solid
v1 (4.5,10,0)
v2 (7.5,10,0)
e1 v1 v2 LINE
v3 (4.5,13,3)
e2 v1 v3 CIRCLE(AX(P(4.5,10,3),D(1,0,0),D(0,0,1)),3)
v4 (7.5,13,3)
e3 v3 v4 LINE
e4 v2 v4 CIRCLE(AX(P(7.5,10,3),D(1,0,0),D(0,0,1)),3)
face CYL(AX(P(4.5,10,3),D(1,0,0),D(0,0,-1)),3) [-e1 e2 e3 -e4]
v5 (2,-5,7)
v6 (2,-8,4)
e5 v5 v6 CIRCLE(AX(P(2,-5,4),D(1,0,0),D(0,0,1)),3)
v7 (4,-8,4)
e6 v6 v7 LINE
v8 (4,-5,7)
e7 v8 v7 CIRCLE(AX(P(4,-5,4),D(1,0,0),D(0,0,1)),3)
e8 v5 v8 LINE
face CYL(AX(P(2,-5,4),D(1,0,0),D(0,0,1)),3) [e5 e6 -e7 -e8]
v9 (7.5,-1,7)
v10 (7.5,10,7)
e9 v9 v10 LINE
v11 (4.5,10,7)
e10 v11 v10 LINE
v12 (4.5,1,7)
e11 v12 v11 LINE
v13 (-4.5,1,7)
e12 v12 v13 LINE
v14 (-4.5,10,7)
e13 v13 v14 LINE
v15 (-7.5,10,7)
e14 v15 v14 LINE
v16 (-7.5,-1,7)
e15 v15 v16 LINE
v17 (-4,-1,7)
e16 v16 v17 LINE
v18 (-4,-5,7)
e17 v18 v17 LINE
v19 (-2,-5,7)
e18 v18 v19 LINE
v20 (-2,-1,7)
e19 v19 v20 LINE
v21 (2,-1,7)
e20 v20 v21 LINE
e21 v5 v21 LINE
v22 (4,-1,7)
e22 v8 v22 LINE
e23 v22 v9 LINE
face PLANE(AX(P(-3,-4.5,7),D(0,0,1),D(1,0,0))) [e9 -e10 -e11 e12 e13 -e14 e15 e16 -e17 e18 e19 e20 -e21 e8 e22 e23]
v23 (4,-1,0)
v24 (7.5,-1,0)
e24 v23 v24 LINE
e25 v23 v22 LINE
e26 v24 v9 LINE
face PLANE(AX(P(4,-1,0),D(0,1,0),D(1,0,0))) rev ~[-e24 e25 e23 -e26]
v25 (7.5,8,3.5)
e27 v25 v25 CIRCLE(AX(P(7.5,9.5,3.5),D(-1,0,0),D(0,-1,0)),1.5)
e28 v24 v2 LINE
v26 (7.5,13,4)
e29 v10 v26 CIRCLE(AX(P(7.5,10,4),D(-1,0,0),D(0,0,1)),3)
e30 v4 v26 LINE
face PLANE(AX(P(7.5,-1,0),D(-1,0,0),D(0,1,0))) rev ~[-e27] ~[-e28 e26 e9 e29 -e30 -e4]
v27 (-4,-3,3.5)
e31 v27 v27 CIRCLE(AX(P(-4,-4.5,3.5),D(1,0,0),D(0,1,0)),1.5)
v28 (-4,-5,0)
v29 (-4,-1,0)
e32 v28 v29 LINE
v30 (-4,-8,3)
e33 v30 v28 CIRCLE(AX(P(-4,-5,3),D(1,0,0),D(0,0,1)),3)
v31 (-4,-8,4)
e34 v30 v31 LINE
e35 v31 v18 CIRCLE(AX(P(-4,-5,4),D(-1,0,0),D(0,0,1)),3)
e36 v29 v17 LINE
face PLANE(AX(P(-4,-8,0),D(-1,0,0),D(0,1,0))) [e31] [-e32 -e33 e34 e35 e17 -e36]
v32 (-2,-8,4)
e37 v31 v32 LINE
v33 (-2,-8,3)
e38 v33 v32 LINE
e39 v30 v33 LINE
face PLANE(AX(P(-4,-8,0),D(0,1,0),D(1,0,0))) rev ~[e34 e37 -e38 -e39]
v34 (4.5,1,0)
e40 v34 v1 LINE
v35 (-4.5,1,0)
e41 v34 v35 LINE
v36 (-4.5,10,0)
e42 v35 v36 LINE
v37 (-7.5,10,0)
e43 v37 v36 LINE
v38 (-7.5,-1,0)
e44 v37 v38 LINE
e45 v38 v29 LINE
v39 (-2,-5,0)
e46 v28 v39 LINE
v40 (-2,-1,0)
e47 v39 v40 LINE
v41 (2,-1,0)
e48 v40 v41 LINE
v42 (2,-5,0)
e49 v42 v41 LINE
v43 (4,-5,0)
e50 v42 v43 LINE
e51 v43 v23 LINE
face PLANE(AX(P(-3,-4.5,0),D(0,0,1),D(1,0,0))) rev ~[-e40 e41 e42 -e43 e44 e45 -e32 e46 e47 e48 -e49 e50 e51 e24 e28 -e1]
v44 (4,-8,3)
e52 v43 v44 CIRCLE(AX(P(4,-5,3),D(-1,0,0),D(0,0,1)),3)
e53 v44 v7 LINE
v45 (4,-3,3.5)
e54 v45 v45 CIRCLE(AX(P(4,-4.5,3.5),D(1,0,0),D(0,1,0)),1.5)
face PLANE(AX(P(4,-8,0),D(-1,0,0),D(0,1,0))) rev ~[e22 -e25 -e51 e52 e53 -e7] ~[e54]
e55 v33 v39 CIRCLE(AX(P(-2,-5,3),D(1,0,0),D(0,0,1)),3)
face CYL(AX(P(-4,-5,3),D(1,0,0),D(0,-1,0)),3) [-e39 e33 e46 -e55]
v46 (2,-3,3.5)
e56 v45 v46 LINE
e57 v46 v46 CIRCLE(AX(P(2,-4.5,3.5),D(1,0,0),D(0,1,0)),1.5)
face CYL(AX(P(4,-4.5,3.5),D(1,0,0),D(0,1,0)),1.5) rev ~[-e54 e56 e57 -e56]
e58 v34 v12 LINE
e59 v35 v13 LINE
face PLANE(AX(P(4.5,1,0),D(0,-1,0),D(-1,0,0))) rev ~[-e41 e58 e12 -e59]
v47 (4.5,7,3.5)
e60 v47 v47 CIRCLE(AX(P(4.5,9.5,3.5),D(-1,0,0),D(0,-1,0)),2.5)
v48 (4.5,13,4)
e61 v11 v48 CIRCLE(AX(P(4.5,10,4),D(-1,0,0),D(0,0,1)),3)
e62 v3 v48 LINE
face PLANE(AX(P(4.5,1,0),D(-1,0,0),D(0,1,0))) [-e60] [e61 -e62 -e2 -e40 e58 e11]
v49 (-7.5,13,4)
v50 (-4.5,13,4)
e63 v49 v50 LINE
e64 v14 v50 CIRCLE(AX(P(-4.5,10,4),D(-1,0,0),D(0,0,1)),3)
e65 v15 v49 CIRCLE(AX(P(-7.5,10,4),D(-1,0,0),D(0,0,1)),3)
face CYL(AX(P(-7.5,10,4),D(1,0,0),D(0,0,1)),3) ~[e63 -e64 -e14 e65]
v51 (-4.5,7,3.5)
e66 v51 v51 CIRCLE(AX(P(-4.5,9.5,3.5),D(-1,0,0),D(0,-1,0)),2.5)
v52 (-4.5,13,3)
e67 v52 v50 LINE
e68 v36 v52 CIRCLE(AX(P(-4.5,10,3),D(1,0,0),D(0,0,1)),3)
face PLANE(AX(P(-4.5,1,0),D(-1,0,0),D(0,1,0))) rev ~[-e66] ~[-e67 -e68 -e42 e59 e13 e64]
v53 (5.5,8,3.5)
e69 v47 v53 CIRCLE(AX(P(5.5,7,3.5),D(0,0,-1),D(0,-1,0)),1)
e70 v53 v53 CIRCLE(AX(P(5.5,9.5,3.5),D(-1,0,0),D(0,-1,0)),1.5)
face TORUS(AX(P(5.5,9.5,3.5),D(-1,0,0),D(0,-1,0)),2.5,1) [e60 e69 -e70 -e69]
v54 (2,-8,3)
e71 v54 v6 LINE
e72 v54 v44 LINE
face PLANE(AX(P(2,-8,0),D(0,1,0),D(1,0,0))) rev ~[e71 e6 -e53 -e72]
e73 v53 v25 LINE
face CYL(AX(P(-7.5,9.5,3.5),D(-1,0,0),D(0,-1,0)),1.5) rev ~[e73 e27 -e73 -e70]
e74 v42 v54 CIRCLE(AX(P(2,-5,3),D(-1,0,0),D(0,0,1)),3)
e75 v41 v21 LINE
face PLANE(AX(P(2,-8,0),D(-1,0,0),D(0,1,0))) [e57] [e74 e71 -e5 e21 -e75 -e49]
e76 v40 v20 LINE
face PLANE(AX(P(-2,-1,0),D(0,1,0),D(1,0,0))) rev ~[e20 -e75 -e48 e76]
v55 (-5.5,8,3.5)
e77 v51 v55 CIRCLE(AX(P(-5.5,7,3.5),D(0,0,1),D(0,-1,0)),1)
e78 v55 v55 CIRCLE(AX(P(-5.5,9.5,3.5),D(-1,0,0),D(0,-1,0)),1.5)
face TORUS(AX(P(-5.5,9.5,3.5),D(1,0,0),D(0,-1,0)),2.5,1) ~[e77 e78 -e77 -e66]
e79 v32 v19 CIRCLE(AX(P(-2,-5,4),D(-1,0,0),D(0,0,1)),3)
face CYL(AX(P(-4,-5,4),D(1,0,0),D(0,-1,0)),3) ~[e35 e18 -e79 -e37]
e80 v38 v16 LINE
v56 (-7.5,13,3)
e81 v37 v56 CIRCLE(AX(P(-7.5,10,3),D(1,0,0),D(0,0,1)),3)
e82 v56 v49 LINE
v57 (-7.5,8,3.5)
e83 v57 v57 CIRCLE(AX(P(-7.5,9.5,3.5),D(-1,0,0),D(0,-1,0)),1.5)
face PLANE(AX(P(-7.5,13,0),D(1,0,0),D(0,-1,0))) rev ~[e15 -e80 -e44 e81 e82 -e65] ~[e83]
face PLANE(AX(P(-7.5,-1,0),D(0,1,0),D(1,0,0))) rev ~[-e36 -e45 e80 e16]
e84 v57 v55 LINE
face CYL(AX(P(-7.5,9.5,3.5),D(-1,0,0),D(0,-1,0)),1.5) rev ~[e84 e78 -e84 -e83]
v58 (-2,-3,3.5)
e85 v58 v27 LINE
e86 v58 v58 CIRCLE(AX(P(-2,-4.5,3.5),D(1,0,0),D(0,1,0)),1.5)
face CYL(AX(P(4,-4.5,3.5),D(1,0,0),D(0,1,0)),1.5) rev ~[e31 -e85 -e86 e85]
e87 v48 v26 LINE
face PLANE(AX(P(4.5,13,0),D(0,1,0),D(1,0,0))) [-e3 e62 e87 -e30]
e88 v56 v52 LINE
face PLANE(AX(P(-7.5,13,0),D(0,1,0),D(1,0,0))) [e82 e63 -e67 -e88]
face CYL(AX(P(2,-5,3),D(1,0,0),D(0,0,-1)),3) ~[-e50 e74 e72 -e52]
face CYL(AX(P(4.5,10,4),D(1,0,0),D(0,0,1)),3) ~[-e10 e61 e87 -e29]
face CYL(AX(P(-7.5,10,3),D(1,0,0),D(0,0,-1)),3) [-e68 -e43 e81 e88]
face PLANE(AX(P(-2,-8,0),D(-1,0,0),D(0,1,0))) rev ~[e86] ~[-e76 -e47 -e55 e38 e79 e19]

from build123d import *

# Parameters (mm, degrees)
F0_W     = 2
F0_H     = 7
F0_W_2   = 3
F0_H_2   = 12
F1_DEPTH = 7
F2_R     = 1.5
F3_DEPTH = 12
F4_R     = 3
F5_R     = 1.5
F6_DEPTH = 25
F7_R     = 1


with BuildPart() as f1:
    # F0 (on Top) → F1 (new body)
    with BuildSketch(Plane.XY):
        with Locations((-3, -4.5)):
            Rectangle(F0_W, F0_H)
        with Locations((-6, 7)):
            Rectangle(F0_W_2, F0_H_2)
        with Locations((6, 7)):
            Rectangle(F0_W_2, F0_H_2)
        Polygon((4, -1), (7.5, -1), (7.5, 1), (4.5, 1), (-4.5, 1), (-7.5, 1), (-7.5, -1), (-4, -1), (-2, -1), (2, -1), align=None)
        with Locations((3, -4.5)):
            Rectangle(F0_W, F0_H)
    extrude(amount=F1_DEPTH)

    # F2 (on face) → F3 (cut)
    with BuildSketch(Plane.YZ.offset(4)):
        with Locations((-4.5, 3.5)):
            Circle(F2_R)
    extrude(amount=-F3_DEPTH, mode=Mode.SUBTRACT)

    # F4
    f4_edges = [f1.edges().sort_by_distance(p)[0] for p in [
        (-3, -8, 0),
        (3, -8, 0),
        (3, -8, 7),
        (-3, -8, 7),
        (-6, 13, 0),
        (6, 13, 0),
        (-6, 13, 7),
        (6, 13, 7),
    ]]
    fillet(f4_edges, radius=F4_R)

    # F5 (on face) → F6 (cut)
    with BuildSketch(Plane(origin=(-7.5, 0, 0), x_dir=(0, -1, 0), z_dir=(-1, 0, 0))):
        with Locations((-9.5, 3.5)):
            Circle(F5_R)
    extrude(amount=-F6_DEPTH, mode=Mode.SUBTRACT)

    # F7
    f7_edges = [f1.edges().sort_by_distance(p)[0] for p in [
        (4.5, 11, 3.5),
        (-4.5, 11, 3.5),
    ]]
    fillet(f7_edges, radius=F7_R)


solid = f1.part
